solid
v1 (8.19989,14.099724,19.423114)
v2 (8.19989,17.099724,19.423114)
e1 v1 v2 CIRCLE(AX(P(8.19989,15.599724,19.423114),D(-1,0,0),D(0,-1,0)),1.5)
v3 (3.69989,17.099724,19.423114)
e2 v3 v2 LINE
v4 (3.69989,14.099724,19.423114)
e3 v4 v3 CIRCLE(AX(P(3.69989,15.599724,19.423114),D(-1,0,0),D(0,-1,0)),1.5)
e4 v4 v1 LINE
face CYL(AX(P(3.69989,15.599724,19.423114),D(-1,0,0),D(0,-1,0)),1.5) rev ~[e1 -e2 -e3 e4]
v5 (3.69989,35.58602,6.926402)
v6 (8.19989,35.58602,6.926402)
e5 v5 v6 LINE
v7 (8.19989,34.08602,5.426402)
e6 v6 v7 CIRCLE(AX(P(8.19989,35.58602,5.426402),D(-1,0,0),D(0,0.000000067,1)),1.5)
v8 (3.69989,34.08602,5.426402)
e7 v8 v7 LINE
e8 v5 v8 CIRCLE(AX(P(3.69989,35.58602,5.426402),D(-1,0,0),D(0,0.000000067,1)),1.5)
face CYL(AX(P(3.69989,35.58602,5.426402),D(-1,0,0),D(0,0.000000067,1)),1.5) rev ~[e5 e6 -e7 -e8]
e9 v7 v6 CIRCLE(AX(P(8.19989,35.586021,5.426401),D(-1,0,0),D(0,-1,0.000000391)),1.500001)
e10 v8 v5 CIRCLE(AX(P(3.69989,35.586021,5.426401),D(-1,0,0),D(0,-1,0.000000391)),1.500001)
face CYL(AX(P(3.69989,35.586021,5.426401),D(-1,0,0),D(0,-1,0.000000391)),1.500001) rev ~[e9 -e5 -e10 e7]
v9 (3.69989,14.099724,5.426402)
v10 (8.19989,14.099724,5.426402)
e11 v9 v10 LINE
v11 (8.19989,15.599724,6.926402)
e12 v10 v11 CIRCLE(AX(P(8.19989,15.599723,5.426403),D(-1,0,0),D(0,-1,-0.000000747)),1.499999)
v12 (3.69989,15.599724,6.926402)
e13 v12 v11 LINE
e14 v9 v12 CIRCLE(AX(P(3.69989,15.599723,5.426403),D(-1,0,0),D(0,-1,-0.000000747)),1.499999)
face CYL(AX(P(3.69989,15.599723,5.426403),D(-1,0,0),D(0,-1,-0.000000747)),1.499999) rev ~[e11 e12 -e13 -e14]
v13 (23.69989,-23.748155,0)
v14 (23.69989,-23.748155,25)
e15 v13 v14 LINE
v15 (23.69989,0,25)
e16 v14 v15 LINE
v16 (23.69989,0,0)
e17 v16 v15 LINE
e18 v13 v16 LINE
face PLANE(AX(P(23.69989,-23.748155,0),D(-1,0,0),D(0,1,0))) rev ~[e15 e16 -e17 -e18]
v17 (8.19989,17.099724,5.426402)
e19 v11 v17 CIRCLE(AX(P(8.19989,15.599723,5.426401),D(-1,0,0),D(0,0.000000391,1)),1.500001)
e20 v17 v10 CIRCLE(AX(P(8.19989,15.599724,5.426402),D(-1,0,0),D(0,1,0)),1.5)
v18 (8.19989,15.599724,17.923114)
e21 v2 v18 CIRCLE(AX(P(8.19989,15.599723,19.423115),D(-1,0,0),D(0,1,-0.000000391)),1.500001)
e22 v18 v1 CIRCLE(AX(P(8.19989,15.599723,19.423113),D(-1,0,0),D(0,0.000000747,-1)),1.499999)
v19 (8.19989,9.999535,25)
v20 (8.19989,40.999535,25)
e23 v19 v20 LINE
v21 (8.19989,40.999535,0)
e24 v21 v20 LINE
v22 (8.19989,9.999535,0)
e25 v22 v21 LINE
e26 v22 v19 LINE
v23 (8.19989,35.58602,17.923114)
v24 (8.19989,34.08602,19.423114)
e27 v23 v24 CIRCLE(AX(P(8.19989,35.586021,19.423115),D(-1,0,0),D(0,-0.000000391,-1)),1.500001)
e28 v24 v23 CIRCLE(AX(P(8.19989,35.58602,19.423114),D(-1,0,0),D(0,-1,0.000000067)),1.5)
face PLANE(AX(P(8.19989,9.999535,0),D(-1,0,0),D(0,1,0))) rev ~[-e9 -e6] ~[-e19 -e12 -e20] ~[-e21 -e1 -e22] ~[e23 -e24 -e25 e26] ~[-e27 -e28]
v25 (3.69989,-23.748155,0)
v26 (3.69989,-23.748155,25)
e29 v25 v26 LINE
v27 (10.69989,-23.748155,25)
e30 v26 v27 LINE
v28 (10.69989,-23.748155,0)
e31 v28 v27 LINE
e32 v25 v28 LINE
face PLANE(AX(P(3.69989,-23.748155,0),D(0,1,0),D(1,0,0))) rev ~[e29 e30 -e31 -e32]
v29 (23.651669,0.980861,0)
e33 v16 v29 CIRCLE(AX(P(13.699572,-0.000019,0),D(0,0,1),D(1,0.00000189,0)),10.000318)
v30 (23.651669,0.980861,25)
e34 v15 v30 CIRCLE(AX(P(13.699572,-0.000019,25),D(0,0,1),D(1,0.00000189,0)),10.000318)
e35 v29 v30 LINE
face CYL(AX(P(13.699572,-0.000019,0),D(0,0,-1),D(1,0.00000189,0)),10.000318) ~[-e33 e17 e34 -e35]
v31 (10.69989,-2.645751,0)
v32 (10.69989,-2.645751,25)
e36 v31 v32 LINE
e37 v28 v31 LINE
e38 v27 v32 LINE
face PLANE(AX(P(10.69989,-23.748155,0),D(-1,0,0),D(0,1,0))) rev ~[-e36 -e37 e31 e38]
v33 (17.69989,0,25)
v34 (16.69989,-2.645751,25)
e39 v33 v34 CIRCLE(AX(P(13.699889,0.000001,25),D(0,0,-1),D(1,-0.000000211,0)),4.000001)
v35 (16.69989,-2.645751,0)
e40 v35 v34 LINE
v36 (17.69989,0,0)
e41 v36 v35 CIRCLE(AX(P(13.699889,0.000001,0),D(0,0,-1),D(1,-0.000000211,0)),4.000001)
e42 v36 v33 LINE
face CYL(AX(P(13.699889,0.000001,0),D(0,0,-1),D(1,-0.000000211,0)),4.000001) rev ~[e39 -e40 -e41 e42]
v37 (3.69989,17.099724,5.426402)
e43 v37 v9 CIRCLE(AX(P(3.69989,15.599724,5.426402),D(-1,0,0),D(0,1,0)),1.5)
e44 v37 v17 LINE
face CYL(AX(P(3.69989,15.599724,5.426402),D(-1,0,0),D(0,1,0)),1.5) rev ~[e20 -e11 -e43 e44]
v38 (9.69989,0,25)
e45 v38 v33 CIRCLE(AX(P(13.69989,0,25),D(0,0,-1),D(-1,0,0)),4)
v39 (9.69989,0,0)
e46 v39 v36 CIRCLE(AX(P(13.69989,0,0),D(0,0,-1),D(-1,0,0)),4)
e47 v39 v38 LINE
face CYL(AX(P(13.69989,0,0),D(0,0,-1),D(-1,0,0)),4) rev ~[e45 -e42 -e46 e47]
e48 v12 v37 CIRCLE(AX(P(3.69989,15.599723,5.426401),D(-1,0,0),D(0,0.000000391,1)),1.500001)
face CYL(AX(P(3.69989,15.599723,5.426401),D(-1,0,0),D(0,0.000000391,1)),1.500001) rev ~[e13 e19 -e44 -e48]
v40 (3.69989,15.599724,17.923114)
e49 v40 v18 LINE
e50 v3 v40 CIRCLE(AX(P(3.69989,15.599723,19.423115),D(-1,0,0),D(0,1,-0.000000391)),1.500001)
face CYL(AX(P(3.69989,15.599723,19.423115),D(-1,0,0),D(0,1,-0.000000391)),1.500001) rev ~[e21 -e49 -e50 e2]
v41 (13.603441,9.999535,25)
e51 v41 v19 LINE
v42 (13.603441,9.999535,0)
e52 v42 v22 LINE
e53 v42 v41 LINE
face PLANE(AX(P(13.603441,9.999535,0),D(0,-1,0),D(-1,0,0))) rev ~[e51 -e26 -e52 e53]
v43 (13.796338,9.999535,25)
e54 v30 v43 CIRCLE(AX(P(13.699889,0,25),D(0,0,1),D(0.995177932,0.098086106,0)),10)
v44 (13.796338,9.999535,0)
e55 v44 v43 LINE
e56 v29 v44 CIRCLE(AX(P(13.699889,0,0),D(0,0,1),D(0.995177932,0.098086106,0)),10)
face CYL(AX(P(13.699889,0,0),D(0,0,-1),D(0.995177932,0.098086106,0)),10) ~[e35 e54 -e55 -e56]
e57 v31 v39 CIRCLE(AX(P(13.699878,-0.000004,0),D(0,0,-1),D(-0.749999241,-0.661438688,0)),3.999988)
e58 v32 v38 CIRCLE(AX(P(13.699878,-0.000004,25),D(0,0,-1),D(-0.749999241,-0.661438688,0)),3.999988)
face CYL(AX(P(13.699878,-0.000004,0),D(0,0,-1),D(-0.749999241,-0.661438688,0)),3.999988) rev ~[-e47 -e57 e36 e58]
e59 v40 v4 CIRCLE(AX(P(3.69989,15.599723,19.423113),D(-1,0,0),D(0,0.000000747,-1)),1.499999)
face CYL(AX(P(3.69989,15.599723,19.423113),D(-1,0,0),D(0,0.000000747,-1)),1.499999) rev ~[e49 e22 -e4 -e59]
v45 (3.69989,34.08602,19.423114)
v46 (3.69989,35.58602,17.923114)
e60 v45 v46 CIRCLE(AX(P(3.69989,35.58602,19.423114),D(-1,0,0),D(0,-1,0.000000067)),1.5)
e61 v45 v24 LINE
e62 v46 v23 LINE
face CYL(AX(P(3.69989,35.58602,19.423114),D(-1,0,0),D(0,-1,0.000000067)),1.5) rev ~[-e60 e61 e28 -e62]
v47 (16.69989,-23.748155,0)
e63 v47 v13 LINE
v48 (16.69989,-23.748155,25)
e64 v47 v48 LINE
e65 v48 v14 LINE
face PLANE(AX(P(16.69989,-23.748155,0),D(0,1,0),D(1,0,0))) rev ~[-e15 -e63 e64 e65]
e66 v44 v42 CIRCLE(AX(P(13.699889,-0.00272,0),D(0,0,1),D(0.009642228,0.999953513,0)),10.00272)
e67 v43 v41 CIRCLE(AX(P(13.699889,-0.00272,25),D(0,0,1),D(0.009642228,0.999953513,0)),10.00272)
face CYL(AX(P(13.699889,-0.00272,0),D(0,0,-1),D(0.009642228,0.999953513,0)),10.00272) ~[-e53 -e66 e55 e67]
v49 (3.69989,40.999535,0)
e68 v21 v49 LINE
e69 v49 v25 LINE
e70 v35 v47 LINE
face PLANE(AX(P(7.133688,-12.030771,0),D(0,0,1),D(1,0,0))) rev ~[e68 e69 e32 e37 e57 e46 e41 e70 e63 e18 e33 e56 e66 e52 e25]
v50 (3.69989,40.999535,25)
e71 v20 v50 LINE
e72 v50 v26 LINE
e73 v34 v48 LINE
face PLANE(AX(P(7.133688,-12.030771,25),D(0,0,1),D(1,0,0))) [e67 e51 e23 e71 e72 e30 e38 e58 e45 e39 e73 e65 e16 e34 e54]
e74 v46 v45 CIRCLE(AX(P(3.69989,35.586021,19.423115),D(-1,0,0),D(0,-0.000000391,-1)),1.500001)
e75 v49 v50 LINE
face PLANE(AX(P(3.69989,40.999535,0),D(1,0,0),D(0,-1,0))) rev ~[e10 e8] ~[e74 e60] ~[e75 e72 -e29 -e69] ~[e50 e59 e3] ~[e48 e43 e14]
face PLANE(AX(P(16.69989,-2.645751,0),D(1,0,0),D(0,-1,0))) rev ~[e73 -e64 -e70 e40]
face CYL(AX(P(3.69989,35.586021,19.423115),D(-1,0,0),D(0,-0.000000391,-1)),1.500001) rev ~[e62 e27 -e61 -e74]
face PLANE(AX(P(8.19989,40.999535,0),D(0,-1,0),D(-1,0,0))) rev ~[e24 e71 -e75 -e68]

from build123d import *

# Parameters (mm, degrees)
F1_DEPTH      = 25
F3_DEPTH      = 25
F3_DEPTH_BACK = 25


with BuildPart() as f1:
    # F0 (on Top) → F1 (new body)
    with BuildSketch(Plane.XY):
        with BuildLine():
            Line((3.69989, 0), (3.69989, -23.748155))
            Line((3.69989, -23.748155), (10.309355, -23.748155))
            Line((10.309355, -23.748155), (10.69989, -23.748155))
            Line((10.69989, -23.748155), (10.69989, -2.645751))
            ThreePointArc((10.69989, -2.645751), (9.958232, -1.414214), (9.69989, 0))
            Line((9.69989, 0), (3.69989, 0))
        make_face()
        with BuildLine():
            ThreePointArc((3.74811, 0.980861), (3.711952, 0.491023), (3.69989, 0))
            Line((3.69989, 0), (9.69989, 0))
            ThreePointArc((9.69989, 0), (13.69989, 4), (17.69989, 0))
            Line((17.69989, 0), (23.69989, 0))
            ThreePointArc((23.69989, 0), (23.687827, 0.491023), (23.651669, 0.980861))
            ThreePointArc((23.651669, 0.980861), (20.450878, 7.377273), (13.796338, 9.999535))
            Line((13.796338, 9.999535), (13.603441, 9.999535))
            Line((13.603441, 9.999535), (8.19989, 9.999535))
            Line((8.19989, 9.999535), (8.19989, 40.999535))
            Line((8.19989, 40.999535), (3.69989, 40.999535))
            Line((3.69989, 40.999535), (3.69989, 23.748155))
            Line((3.69989, 23.748155), (3.69989, 9.999535))
            Line((3.69989, 9.999535), (3.69989, 0.980861))
            Line((3.69989, 0.980861), (3.74811, 0.980861))
        make_face()
        with BuildLine():
            Line((3.69989, 0.980861), (3.69989, 0))
            ThreePointArc((3.69989, 0), (3.711952, 0.491023), (3.74811, 0.980861))
            Line((3.74811, 0.980861), (3.69989, 0.980861))
        make_face()
        with BuildLine():
            Line((23.69989, 0), (17.69989, 0))
            ThreePointArc((17.69989, 0), (17.441547, -1.414214), (16.69989, -2.645751))
            Line((16.69989, -2.645751), (16.69989, -23.748155))
            Line((16.69989, -23.748155), (23.69989, -23.748155))
            Line((23.69989, -23.748155), (23.69989, 0))
        make_face()
        with BuildLine():
            Line((13.603441, 9.999535), (13.796338, 9.999535))
            ThreePointArc((13.796338, 9.999535), (13.69989, 10), (13.603441, 9.999535))
        make_face()
    extrude(amount=F1_DEPTH)

    # F2 (on face) → F3 (cut, two sides)
    with BuildSketch(Plane(origin=(3.69989, 0, 0), x_dir=(0, -1, 0), z_dir=(-1, 0, 0))) as f3_sk:
        with BuildLine():
            Line((-15.599724, 5.426402), (-17.099724, 5.426402))
            ThreePointArc((-17.099724, 5.426402), (-15.599724, 3.926402), (-14.099724, 5.426402))
            ThreePointArc((-14.099724, 5.426402), (-14.539063, 6.487062), (-15.599724, 6.926402))
            Line((-15.599724, 6.926402), (-15.599724, 5.426402))
        make_face()
        with BuildLine():
            Line((-34.08602, 5.426402), (-35.58602, 5.426402))
            Line((-35.58602, 5.426402), (-35.58602, 6.926402))
            ThreePointArc((-35.58602, 6.926402), (-36.64668, 4.365742), (-34.08602, 5.426402))
        make_face()
        with BuildLine():
            Line((-15.599724, 19.423114), (-15.599724, 17.923114))
            ThreePointArc((-15.599724, 17.923114), (-14.539063, 18.362454), (-14.099724, 19.423114))
            ThreePointArc((-14.099724, 19.423114), (-15.599724, 20.923114), (-17.099724, 19.423114))
            Line((-17.099724, 19.423114), (-15.599724, 19.423114))
        make_face()
        with BuildLine():
            ThreePointArc((-17.099724, 19.423114), (-16.660384, 18.362454), (-15.599724, 17.923114))
            Line((-15.599724, 17.923114), (-15.599724, 19.423114))
            Line((-15.599724, 19.423114), (-17.099724, 19.423114))
        make_face()
        with BuildLine():
            Line((-35.58602, 19.423114), (-35.58602, 17.923114))
            ThreePointArc((-35.58602, 17.923114), (-34.52536, 18.362454), (-34.08602, 19.423114))
            Line((-34.08602, 19.423114), (-35.58602, 19.423114))
        make_face()
        with BuildLine():
            ThreePointArc((-34.08602, 19.423114), (-36.64668, 20.483774), (-35.58602, 17.923114))
            Line((-35.58602, 17.923114), (-35.58602, 19.423114))
            Line((-35.58602, 19.423114), (-34.08602, 19.423114))
        make_face()
        with BuildLine():
            Line((-35.58602, 6.926402), (-35.58602, 5.426402))
            Line((-35.58602, 5.426402), (-34.08602, 5.426402))
            ThreePointArc((-34.08602, 5.426402), (-34.52536, 6.487062), (-35.58602, 6.926402))
        make_face()
        with BuildLine():
            ThreePointArc((-15.599724, 6.926402), (-16.660384, 6.487062), (-17.099724, 5.426402))
            Line((-17.099724, 5.426402), (-15.599724, 5.426402))
            Line((-15.599724, 5.426402), (-15.599724, 6.926402))
        make_face()
    extrude(amount=F3_DEPTH, mode=Mode.SUBTRACT)
    extrude(f3_sk.sketch, amount=-F3_DEPTH_BACK, mode=Mode.SUBTRACT)


solid = f1.part
